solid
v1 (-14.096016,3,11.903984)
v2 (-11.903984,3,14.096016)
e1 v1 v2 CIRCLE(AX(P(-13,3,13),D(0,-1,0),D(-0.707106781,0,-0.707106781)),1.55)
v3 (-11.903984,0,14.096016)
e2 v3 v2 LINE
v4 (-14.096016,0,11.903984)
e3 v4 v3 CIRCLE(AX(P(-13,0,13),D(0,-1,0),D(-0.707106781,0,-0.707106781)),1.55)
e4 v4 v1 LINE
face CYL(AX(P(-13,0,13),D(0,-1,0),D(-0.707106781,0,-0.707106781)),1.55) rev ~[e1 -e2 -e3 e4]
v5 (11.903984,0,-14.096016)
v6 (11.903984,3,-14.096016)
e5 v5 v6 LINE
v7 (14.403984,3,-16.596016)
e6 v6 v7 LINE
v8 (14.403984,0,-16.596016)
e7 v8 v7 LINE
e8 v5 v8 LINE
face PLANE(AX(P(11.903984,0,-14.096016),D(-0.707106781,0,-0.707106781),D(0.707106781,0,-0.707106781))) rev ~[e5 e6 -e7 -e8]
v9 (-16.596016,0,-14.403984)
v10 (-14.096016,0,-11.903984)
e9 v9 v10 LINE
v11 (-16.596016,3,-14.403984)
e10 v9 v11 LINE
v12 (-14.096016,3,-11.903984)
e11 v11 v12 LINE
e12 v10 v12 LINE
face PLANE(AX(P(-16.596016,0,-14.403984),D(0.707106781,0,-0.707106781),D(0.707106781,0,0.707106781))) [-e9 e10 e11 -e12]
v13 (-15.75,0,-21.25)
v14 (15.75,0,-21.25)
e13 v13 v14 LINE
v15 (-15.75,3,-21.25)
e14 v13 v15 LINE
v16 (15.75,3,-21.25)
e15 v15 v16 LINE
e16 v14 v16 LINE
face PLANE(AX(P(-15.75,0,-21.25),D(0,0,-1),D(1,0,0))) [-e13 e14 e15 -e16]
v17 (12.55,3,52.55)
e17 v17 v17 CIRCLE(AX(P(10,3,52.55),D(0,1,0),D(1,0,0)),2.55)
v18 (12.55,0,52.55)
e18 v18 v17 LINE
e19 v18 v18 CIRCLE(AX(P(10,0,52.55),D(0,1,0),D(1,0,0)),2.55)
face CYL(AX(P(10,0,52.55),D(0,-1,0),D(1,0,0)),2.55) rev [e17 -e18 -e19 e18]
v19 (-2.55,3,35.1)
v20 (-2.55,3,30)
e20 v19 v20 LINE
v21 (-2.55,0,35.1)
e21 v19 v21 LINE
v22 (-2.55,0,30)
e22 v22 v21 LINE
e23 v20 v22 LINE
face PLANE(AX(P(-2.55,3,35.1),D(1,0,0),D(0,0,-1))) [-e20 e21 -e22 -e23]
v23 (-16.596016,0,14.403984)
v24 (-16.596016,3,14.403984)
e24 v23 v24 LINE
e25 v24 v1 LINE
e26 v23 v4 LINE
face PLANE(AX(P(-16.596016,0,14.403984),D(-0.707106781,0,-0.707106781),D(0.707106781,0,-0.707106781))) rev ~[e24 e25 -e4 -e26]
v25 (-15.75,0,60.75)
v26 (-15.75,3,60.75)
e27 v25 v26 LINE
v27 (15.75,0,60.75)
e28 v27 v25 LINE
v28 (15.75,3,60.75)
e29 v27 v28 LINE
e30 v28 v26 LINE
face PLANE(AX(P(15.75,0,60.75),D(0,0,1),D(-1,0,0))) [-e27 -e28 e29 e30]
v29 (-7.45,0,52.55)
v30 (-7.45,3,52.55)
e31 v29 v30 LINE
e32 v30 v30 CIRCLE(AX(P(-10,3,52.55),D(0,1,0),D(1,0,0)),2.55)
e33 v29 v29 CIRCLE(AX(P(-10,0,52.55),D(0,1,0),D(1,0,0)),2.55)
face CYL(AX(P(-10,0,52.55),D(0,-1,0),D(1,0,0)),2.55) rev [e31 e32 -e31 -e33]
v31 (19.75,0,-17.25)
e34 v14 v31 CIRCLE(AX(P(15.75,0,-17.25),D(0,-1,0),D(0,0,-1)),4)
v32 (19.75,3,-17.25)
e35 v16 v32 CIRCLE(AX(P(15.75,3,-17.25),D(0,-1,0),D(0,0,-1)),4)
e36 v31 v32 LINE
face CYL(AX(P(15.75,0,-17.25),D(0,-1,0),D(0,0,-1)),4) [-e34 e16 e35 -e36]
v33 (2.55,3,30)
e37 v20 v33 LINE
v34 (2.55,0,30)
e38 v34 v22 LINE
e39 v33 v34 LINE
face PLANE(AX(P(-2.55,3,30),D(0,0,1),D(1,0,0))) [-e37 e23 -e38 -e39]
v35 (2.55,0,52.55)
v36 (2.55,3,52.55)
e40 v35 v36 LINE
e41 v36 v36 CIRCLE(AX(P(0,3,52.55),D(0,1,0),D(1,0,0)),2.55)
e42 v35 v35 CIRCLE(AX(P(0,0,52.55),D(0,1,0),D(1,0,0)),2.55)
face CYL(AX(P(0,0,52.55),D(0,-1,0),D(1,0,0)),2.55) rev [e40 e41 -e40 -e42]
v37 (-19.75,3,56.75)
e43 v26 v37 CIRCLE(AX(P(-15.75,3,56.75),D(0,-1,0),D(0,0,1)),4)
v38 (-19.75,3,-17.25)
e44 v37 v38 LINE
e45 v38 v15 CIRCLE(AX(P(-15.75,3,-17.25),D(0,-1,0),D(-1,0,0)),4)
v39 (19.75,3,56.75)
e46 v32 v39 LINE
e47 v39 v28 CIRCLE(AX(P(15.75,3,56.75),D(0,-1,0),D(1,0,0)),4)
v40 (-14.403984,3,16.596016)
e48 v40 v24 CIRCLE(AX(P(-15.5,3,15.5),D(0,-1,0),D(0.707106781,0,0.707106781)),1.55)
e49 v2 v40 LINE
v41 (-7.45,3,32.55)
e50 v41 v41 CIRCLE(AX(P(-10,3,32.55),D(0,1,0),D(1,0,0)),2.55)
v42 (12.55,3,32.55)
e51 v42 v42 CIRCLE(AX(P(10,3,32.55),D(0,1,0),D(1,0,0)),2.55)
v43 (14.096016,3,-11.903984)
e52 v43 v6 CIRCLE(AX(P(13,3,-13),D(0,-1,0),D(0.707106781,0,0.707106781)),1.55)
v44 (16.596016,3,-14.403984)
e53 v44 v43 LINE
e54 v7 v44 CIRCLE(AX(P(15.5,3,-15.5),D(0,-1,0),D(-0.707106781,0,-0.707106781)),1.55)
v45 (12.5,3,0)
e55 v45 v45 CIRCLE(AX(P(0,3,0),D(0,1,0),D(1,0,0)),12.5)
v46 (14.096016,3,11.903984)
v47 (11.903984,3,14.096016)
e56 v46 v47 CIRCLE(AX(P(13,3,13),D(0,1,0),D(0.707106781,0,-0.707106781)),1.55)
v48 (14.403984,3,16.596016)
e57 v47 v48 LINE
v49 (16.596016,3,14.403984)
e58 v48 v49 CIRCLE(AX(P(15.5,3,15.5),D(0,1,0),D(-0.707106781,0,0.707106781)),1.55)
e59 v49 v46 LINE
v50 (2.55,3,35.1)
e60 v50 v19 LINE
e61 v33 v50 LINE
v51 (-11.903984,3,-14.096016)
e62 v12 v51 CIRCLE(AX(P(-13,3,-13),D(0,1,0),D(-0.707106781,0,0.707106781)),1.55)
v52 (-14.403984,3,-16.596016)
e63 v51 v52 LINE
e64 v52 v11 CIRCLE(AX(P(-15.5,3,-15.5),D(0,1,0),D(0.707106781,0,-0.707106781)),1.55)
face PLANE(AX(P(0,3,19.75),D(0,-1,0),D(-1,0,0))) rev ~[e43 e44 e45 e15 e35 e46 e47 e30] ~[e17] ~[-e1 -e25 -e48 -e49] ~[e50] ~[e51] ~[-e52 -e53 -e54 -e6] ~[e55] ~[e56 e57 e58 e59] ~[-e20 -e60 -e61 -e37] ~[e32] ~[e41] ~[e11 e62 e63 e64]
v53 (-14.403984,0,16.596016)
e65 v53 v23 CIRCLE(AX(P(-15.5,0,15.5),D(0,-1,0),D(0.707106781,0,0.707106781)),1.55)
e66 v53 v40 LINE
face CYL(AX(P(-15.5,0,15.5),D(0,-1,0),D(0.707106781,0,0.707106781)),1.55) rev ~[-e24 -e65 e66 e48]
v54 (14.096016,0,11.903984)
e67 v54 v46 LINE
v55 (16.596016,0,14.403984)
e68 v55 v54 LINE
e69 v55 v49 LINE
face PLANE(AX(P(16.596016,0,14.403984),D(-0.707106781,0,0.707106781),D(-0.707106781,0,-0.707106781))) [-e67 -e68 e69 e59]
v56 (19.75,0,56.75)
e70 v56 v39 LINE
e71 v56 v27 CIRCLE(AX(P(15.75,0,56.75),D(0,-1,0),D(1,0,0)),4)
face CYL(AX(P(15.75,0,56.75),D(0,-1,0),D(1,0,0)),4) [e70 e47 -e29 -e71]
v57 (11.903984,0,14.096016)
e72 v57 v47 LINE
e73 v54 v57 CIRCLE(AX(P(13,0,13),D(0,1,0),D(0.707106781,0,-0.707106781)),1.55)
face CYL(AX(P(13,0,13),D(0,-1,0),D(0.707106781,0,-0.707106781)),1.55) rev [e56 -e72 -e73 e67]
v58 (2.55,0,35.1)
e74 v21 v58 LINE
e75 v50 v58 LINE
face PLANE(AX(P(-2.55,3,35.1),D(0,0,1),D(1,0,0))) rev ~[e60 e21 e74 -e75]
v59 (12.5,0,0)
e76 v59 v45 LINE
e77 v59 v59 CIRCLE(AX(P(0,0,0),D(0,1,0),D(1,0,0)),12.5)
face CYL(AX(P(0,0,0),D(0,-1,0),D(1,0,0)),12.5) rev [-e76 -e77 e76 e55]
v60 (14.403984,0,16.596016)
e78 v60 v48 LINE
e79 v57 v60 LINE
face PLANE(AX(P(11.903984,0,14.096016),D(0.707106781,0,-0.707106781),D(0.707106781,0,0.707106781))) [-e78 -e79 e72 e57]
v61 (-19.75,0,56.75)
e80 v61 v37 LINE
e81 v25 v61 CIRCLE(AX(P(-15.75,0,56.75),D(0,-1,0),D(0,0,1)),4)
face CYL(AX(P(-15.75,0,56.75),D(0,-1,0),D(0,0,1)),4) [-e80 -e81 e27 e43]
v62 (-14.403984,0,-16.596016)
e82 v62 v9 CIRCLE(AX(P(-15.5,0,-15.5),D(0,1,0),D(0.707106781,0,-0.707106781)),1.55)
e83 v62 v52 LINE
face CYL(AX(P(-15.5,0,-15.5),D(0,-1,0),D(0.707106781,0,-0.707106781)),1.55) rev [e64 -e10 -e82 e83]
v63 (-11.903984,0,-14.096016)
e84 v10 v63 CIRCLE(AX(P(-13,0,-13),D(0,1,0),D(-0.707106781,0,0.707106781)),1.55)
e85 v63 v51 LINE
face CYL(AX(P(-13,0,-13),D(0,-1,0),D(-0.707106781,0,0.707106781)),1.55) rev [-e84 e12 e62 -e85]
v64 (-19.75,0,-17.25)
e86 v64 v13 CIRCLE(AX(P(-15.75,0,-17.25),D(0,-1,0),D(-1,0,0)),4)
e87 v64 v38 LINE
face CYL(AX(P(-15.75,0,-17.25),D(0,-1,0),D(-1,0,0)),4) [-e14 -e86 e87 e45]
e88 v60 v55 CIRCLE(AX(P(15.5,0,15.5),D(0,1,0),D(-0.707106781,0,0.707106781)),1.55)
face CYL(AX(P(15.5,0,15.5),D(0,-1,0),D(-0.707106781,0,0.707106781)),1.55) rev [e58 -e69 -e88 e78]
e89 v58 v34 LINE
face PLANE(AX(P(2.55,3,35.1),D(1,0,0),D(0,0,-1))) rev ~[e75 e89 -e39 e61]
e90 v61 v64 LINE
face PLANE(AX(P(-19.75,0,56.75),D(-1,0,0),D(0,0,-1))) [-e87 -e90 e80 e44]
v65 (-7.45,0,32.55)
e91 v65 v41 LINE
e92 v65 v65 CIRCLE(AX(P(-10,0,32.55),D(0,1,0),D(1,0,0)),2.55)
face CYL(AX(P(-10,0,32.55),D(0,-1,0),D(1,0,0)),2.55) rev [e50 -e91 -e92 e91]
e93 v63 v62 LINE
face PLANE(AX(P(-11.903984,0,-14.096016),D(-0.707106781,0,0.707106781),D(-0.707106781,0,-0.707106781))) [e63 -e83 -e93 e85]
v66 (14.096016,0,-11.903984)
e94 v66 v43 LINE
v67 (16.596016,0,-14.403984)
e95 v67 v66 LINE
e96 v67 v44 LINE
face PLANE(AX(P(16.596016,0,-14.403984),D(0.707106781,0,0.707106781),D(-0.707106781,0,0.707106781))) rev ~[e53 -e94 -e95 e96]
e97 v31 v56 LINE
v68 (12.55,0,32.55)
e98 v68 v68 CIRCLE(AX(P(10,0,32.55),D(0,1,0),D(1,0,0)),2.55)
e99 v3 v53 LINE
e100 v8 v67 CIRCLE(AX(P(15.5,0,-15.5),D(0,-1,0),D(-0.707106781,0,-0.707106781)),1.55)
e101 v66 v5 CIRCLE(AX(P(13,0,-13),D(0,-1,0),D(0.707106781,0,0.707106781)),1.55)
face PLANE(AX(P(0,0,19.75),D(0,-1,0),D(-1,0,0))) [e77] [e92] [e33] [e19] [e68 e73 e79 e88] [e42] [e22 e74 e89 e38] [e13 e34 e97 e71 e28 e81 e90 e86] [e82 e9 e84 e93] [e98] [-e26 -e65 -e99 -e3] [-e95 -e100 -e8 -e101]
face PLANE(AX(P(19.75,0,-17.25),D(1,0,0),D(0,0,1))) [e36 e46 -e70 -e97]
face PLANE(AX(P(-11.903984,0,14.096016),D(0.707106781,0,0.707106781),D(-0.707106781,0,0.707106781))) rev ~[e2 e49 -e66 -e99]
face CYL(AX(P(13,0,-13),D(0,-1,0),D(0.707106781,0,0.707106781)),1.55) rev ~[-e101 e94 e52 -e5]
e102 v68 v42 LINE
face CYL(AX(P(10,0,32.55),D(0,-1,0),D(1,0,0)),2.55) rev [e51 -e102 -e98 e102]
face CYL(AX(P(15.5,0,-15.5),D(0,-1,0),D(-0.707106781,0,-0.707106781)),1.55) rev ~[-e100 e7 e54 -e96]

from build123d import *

# Parameters (mm, degrees)
SKETCH1_R           = 12.5
SKETCH1_R_2         = 2.55
BOSS_EXTRUDE1_DEPTH = 3
SKETCH2_W           = 5.1
SKETCH2_H           = 5.1
CUT_EXTRUDE1_DEPTH  = 4


with BuildPart() as part:
    # Sketch1 → Boss-Extrude1 (new body)
    with BuildSketch(Plane(origin=(0, 0, 0), x_dir=(1, 0, 0), z_dir=(0, 1, 0))):
        with BuildLine():
            Line((15.75, -60.75), (-15.75, -60.75))
            ThreePointArc((-15.75, -60.75), (-18.578427125, -59.578427125), (-19.75, -56.75))
            Line((-19.75, -56.75), (-19.75, 17.25))
            ThreePointArc((-19.75, 17.25), (-18.578427125, 20.078427125), (-15.75, 21.25))
            Line((-15.75, 21.25), (15.75, 21.25))
            ThreePointArc((15.75, 21.25), (18.578427125, 20.078427125), (19.75, 17.25))
            Line((19.75, 17.25), (19.75, -56.75))
            ThreePointArc((19.75, -56.75), (18.578427125, -59.578427125), (15.75, -60.75))
        make_face()
        Circle(SKETCH1_R, mode=Mode.SUBTRACT)
        with Locations((10, -52.55)):
            Circle(SKETCH1_R_2, mode=Mode.SUBTRACT)
        with Locations((10, -32.55)):
            Circle(SKETCH1_R_2, mode=Mode.SUBTRACT)
        with Locations((0, -52.55)):
            Circle(SKETCH1_R_2, mode=Mode.SUBTRACT)
        with Locations((0, -32.55)):
            Circle(SKETCH1_R_2, mode=Mode.SUBTRACT)
        with Locations((-10, -52.55)):
            Circle(SKETCH1_R_2, mode=Mode.SUBTRACT)
        with Locations((-10, -32.55)):
            Circle(SKETCH1_R_2, mode=Mode.SUBTRACT)
        with BuildLine():
            Line((11.903984489, 14.096015511), (14.403984489, 16.596015511))
            ThreePointArc((14.403984489, 16.596015511), (16.596015511, 16.596015511), (16.596015511, 14.403984489))
            Line((16.596015511, 14.403984489), (14.096015511, 11.903984489))
            ThreePointArc((14.096015511, 11.903984489), (11.903984489, 11.903984489), (11.903984489, 14.096015511))
        make_face(mode=Mode.SUBTRACT)
        with BuildLine():
            Line((-11.903984489, 14.096015511), (-14.403984489, 16.596015511))
            ThreePointArc((-14.403984489, 16.596015511), (-16.596015511, 16.596015511), (-16.596015511, 14.403984489))
            Line((-16.596015511, 14.403984489), (-14.096015511, 11.903984489))
            ThreePointArc((-14.096015511, 11.903984489), (-11.903984489, 11.903984489), (-11.903984489, 14.096015511))
        make_face(mode=Mode.SUBTRACT)
        with BuildLine():
            Line((-11.903984489, -14.096015511), (-14.403984489, -16.596015511))
            ThreePointArc((-14.403984489, -16.596015511), (-16.596015511, -16.596015511), (-16.596015511, -14.403984489))
            Line((-16.596015511, -14.403984489), (-14.096015511, -11.903984489))
            ThreePointArc((-14.096015511, -11.903984489), (-11.903984489, -11.903984489), (-11.903984489, -14.096015511))
        make_face(mode=Mode.SUBTRACT)
        with BuildLine():
            Line((11.903984489, -14.096015511), (14.403984489, -16.596015511))
            ThreePointArc((14.403984489, -16.596015511), (16.596015511, -16.596015511), (16.596015511, -14.403984489))
            Line((16.596015511, -14.403984489), (14.096015511, -11.903984489))
            ThreePointArc((14.096015511, -11.903984489), (11.903984489, -11.903984489), (11.903984489, -14.096015511))
        make_face(mode=Mode.SUBTRACT)
    extrude(amount=BOSS_EXTRUDE1_DEPTH)

    # Sketch2 → Cut-Extrude1 (cut, through all)
    with BuildSketch(Plane(origin=(0, 3, 0), x_dir=(1, 0, 0), z_dir=(0, 1, 0))):
        with Locations((0, -32.55)):
            Rectangle(SKETCH2_W, SKETCH2_H)
    extrude(amount=-CUT_EXTRUDE1_DEPTH, mode=Mode.SUBTRACT)


solid = part.part
